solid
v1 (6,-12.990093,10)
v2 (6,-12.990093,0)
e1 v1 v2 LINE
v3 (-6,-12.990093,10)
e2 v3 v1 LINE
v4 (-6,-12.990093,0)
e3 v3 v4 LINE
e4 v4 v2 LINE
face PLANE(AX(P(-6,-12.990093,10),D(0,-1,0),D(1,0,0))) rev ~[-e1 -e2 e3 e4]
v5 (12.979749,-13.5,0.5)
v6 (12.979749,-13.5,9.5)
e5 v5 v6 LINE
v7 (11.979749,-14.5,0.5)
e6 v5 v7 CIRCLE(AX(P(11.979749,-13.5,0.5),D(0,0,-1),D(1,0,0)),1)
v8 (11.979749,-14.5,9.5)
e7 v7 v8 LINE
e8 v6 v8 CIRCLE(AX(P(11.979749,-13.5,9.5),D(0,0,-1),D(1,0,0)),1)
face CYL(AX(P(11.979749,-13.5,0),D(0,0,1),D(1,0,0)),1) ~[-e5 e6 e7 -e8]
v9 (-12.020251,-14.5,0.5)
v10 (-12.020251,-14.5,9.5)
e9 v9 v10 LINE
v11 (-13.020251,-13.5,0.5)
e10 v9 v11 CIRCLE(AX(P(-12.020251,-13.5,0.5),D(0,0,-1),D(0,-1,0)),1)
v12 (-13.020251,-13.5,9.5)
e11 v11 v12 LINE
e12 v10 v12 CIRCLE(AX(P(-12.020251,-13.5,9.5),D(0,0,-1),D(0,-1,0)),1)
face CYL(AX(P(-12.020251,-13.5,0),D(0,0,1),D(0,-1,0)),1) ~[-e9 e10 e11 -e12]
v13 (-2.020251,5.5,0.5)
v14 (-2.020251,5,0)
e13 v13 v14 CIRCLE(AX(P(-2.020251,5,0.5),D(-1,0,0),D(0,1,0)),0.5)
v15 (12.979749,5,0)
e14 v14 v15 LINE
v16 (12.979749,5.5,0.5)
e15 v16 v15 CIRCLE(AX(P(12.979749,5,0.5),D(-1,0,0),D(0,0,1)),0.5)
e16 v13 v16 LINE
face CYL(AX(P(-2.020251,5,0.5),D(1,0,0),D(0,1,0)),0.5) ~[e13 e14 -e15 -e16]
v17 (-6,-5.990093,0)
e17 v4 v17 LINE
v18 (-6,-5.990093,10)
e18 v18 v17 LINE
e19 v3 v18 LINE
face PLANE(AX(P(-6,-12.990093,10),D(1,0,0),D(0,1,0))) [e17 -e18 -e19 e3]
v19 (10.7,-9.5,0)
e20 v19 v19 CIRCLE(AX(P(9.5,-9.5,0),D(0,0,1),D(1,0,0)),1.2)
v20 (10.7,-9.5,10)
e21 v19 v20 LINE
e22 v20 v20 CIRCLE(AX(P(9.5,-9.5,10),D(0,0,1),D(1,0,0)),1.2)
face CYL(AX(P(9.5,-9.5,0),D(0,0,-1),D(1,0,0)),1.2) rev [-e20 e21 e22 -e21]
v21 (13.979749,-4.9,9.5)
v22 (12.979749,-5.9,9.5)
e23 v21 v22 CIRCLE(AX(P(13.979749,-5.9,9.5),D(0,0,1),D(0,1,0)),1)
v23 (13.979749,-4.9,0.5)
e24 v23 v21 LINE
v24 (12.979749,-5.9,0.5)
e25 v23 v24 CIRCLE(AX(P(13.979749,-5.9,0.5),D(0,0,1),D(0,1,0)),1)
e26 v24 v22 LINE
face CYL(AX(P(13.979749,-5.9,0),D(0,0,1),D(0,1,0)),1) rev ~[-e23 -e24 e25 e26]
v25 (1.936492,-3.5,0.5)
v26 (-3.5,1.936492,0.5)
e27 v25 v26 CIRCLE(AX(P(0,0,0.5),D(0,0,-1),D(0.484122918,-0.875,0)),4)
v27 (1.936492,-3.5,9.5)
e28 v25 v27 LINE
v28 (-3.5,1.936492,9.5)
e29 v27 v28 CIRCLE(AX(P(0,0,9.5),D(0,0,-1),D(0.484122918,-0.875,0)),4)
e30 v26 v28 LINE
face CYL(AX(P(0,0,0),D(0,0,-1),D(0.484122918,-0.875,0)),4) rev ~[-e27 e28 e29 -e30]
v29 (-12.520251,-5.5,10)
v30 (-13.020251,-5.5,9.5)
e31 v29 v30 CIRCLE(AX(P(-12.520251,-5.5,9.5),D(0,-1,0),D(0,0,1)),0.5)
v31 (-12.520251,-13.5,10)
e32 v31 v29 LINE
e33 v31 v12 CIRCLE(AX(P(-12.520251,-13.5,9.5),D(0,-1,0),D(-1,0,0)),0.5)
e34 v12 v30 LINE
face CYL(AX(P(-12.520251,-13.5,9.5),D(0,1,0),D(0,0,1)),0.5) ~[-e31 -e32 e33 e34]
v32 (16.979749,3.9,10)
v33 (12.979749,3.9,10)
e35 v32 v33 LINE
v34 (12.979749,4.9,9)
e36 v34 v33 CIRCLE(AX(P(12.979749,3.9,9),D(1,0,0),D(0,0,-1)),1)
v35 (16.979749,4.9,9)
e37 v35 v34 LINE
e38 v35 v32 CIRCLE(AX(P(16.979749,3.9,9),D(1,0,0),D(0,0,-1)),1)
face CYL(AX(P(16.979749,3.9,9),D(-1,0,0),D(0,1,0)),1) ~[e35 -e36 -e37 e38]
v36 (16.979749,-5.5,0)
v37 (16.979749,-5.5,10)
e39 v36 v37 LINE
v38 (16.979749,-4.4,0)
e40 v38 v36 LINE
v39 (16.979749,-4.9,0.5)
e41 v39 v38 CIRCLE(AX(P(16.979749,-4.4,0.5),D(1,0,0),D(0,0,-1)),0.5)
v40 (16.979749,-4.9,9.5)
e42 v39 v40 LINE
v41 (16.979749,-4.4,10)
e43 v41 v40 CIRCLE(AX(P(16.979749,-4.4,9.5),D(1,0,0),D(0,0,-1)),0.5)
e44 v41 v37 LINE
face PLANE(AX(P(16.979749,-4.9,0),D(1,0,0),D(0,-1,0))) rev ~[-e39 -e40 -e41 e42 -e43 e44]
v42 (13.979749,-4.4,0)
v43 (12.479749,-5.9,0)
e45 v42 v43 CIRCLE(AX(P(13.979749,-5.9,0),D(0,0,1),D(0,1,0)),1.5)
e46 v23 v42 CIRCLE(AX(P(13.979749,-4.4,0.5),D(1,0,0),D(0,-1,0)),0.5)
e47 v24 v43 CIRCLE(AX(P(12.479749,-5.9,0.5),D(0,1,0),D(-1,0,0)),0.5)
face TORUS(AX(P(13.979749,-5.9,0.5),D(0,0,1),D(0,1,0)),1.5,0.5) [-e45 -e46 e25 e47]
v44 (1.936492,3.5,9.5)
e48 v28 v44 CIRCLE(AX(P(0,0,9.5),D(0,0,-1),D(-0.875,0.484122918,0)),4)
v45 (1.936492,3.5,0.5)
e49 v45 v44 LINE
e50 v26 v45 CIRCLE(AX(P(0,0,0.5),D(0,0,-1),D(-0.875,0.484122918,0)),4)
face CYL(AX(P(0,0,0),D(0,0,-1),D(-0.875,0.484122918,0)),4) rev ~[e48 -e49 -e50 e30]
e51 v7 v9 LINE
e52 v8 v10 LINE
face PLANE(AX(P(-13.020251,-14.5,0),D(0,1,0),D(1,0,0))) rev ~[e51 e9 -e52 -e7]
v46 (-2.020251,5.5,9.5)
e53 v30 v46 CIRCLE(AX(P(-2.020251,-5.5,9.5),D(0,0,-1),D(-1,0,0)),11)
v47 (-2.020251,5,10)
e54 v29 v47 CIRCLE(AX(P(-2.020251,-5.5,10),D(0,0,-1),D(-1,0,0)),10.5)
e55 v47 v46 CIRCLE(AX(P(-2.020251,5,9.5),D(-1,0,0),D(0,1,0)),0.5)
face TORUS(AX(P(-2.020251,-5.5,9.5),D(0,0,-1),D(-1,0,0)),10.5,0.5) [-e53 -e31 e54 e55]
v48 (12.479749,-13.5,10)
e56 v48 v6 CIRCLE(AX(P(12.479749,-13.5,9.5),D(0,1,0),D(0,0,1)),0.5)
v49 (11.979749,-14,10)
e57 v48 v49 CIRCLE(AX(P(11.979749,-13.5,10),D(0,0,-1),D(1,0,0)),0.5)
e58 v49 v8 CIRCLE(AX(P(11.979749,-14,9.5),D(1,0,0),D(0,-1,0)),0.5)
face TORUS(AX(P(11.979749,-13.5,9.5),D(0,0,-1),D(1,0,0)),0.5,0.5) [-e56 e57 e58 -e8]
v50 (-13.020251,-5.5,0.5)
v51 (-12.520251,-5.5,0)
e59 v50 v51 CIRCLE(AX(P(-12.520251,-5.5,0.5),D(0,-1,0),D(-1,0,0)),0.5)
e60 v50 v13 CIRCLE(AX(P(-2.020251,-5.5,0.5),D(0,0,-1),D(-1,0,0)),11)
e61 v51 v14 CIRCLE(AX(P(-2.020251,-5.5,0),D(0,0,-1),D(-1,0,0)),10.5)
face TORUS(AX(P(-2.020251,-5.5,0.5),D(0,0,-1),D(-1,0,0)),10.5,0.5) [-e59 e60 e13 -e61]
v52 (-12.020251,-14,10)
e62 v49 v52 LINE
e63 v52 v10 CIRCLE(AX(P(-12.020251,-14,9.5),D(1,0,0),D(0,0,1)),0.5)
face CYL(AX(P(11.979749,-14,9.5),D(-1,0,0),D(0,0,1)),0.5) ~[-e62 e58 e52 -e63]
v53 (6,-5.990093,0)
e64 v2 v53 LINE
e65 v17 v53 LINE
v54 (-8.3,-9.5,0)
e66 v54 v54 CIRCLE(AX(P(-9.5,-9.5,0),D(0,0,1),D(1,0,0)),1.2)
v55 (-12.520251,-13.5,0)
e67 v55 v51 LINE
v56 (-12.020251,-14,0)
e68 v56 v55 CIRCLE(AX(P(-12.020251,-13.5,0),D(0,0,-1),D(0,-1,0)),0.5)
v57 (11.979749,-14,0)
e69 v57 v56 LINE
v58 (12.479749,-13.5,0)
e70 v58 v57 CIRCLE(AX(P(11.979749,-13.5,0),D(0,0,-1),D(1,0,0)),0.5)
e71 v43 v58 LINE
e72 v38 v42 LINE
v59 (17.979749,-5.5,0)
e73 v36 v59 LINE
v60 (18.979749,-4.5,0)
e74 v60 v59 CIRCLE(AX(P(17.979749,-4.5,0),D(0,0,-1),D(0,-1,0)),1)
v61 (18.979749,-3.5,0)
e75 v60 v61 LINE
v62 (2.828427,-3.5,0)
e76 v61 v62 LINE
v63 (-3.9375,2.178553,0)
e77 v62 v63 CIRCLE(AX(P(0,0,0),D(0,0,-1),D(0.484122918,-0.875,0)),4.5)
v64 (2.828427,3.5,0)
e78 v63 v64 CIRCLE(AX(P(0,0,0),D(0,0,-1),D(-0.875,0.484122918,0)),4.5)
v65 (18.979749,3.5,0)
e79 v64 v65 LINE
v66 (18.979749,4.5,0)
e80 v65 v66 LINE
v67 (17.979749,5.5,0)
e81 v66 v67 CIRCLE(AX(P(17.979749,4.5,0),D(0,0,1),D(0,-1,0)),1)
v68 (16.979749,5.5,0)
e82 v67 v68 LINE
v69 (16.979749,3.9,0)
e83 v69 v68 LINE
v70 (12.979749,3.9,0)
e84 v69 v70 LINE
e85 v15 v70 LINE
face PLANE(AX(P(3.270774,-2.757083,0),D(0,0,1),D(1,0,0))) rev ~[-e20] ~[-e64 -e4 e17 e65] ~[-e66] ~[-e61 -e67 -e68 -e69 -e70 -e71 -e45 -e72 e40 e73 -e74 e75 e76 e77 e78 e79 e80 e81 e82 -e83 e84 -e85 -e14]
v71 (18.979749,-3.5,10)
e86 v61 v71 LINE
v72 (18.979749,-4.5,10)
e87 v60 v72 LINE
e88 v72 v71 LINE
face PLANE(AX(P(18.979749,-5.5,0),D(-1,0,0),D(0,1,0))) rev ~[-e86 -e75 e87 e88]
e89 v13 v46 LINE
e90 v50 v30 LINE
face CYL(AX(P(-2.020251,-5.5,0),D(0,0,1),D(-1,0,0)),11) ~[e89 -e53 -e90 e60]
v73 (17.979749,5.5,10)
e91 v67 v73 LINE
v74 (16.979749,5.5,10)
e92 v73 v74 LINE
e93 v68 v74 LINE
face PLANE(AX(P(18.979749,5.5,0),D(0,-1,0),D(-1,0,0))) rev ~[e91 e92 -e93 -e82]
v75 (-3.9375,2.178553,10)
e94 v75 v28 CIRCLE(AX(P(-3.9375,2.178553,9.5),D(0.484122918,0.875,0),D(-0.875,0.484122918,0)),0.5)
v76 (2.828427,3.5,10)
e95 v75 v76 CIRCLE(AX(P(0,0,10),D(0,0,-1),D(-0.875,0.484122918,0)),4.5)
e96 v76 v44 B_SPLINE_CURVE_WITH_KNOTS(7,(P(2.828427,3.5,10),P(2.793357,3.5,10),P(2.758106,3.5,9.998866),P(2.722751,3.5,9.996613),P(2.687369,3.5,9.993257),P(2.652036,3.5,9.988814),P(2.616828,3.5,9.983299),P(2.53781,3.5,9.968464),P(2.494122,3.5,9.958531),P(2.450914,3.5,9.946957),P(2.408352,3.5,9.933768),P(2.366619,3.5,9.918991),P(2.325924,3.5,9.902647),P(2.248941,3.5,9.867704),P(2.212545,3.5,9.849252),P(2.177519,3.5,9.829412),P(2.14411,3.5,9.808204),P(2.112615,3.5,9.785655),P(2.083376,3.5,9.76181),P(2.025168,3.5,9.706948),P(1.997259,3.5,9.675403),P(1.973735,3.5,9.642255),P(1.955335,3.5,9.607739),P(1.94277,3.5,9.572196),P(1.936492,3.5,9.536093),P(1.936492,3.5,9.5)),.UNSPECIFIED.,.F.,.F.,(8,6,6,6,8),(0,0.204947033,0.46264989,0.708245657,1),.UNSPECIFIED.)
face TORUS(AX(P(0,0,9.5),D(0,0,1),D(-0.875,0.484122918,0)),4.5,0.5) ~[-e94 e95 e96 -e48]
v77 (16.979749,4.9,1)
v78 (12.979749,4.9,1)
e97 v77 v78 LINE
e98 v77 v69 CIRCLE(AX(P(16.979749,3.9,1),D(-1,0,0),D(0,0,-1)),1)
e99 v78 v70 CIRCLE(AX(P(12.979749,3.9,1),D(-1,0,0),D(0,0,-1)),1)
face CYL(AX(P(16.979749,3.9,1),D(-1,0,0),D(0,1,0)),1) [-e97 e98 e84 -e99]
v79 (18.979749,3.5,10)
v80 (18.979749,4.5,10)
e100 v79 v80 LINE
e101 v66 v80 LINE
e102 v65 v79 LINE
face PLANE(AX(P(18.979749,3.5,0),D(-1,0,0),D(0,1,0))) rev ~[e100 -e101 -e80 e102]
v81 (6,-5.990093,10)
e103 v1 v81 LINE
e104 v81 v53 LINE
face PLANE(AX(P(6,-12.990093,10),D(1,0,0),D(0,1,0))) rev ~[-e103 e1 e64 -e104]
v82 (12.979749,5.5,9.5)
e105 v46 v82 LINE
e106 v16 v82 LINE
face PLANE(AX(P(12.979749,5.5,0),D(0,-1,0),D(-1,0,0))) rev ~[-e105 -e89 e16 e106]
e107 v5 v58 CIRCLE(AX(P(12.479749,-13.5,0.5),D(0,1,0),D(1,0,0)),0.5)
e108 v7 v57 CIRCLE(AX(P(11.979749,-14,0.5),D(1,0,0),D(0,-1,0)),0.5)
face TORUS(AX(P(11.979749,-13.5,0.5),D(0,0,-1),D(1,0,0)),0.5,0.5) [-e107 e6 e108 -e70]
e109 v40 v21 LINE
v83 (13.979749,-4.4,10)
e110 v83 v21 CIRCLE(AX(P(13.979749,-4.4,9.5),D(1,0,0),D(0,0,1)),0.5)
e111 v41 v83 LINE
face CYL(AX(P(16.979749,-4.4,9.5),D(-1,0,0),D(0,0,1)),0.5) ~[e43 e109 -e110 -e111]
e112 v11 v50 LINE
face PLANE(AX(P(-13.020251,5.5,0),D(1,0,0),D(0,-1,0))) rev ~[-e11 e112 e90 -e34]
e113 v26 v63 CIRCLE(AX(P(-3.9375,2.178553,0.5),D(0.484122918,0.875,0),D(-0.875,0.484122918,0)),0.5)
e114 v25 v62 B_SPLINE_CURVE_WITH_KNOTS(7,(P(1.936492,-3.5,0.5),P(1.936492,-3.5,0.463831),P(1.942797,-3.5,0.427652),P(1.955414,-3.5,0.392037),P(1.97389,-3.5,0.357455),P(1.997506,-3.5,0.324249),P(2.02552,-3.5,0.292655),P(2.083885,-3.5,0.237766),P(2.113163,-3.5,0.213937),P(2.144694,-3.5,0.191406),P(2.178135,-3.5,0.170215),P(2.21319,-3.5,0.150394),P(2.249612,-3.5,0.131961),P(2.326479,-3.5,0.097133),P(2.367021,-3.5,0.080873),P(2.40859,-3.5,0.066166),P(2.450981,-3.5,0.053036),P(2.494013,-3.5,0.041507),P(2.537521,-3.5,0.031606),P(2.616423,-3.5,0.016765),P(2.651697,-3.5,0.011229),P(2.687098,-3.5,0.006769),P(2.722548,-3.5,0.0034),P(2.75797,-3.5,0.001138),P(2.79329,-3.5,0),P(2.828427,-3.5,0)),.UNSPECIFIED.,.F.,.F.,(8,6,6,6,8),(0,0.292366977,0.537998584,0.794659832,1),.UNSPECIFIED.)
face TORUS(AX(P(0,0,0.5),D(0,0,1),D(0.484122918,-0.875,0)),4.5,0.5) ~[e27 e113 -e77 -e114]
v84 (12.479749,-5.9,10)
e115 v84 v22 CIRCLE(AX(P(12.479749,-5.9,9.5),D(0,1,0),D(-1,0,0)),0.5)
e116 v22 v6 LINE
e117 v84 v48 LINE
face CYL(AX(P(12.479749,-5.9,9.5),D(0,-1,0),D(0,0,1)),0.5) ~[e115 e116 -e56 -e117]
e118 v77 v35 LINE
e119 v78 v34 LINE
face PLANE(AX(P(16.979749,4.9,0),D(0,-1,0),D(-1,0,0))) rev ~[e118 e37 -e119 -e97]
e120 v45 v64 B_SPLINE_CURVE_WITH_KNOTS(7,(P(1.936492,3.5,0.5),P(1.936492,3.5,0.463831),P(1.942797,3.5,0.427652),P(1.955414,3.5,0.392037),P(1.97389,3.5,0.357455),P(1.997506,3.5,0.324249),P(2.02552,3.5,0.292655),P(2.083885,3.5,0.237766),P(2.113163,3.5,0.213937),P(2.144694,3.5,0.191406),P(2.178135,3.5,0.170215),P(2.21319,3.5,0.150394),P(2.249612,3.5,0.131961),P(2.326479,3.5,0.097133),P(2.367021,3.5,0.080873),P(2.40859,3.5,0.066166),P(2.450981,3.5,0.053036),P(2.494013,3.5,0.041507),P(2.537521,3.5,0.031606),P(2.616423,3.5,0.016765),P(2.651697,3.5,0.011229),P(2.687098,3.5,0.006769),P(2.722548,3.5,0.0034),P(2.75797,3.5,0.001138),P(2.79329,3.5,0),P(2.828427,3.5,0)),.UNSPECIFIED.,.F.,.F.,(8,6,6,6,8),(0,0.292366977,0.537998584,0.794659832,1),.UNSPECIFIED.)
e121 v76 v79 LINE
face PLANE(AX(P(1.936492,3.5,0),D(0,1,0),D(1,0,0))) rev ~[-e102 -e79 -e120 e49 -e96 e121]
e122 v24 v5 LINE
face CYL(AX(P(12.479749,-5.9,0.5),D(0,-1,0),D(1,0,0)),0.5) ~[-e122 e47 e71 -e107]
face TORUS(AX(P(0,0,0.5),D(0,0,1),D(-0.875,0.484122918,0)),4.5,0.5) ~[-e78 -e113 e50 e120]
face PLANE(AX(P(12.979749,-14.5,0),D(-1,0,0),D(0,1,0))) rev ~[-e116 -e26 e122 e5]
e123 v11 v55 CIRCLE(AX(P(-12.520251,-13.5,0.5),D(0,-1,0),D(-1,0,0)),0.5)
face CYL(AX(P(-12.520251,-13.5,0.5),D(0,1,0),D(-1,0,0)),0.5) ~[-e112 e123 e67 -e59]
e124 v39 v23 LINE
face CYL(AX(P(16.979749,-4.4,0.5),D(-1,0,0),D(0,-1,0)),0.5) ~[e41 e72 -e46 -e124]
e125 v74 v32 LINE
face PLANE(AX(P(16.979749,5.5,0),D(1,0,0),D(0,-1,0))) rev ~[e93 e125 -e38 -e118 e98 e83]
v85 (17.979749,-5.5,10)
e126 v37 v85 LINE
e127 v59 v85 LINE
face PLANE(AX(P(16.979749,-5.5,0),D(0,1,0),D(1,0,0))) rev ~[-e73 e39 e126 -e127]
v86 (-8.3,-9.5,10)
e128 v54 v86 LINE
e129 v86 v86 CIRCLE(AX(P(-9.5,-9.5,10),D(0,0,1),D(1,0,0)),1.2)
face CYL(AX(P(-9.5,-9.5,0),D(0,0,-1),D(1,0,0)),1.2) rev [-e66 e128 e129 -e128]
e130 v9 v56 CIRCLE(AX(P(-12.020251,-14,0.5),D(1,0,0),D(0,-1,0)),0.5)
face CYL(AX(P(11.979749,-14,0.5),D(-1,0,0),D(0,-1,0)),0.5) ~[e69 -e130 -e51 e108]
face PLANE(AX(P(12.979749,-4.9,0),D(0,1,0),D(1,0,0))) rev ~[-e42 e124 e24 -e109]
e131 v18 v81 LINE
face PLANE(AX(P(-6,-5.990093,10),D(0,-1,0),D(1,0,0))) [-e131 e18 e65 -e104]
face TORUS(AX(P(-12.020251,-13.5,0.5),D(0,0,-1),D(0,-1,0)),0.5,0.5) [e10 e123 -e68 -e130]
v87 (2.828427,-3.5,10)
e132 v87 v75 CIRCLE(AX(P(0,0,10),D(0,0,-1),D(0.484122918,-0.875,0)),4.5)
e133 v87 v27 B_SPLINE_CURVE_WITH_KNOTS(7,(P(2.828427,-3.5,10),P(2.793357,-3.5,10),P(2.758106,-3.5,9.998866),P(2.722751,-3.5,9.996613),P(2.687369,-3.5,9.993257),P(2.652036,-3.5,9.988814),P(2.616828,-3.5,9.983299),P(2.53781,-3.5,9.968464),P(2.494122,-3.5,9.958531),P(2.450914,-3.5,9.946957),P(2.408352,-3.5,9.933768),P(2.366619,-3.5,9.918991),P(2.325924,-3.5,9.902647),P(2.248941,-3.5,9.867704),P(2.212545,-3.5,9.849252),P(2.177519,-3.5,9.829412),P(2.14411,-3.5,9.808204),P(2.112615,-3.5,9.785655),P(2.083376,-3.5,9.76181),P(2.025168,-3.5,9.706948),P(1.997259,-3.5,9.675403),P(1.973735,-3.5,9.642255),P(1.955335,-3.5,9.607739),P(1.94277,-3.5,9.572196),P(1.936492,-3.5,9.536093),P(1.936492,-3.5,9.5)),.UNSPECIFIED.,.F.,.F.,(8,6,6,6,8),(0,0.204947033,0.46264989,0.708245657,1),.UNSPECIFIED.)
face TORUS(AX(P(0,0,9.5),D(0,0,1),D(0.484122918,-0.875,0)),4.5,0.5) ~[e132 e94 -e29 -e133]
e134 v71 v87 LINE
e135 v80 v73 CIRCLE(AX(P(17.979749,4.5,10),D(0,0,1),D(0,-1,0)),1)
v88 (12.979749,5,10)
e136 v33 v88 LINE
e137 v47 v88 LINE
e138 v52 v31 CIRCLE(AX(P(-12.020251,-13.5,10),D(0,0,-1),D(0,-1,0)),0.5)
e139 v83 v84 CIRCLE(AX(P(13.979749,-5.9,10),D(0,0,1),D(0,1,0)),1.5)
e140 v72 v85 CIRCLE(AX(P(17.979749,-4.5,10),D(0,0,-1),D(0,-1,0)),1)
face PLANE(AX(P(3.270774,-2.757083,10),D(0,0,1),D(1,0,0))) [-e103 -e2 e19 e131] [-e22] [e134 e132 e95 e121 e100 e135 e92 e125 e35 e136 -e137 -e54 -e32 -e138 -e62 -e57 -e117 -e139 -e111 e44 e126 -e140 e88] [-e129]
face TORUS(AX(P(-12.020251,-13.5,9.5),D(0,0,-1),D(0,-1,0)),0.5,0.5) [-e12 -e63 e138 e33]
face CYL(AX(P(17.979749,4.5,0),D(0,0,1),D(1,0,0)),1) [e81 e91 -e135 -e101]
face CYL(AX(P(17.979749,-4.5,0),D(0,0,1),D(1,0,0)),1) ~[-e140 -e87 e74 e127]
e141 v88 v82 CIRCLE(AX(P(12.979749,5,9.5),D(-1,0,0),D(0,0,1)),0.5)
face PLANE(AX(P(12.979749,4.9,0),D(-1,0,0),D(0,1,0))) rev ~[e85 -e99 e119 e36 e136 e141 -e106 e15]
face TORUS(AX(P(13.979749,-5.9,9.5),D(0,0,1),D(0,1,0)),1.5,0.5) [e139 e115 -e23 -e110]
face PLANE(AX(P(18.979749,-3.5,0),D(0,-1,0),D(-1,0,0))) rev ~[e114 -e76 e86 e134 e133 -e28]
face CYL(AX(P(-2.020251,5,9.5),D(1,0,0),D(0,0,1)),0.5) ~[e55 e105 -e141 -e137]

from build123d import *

# Parameters (mm, degrees)
F0_R     = 1.2
F1_DEPTH = 10
F2_R     = 1
F3_R     = 11
F4_W     = 12
F4_H     = 7
F5_DEPTH = 10
F6_R     = 0.5


with BuildPart() as f1:
    # F0 (on Top) → F1 (new body)
    with BuildSketch(Plane.XY):
        with BuildLine():
            ThreePointArc((1.9364916731, -3.5), (-2.8284271247, -2.8284271247), (-3.5, 1.9364916731))
            ThreePointArc((-3.5, 1.9364916731), (-1.1055673404, 3.8441801279), (1.9364916731, 3.5))
            Line((1.9364916731, 3.5), (18.9797490537, 3.5))
            Line((18.9797490537, 3.5), (18.9797490537, 5.5))
            Line((18.9797490537, 5.5), (16.9797490537, 5.5))
            Line((16.9797490537, 5.5), (16.9797490537, 4.9))
            Line((16.9797490537, 4.9), (12.9797490537, 4.9))
            Line((12.9797490537, 4.9), (12.9797490537, 5.5))
            Line((12.9797490537, 5.5), (-13.0202509463, 5.5))
            Line((-13.0202509463, 5.5), (-13.0202509463, -4.5))
            Line((-13.0202509463, -4.5), (-13.0202509463, -14.5))
            Line((-13.0202509463, -14.5), (12.9797490537, -14.5))
            Line((12.9797490537, -14.5), (12.9797490537, -5.5))
            Line((12.9797490537, -5.5), (12.9797490537, -4.9))
            Line((12.9797490537, -4.9), (16.9797490537, -4.9))
            Line((16.9797490537, -4.9), (16.9797490537, -5.5))
            Line((16.9797490537, -5.5), (18.9797490537, -5.5))
            Line((18.9797490537, -5.5), (18.9797490537, -3.5))
            Line((18.9797490537, -3.5), (12.9797490537, -3.5))
            Line((12.9797490537, -3.5), (1.9364916731, -3.5))
        make_face()
        with Locations((-9.5, -9.5)):
            Circle(F0_R, mode=Mode.SUBTRACT)
        with Locations((9.5, -9.5)):
            Circle(F0_R, mode=Mode.SUBTRACT)
    extrude(amount=F1_DEPTH)

    # F2
    f2_edges = [f1.edges().sort_by_distance(p)[0] for p in [
        (18.979749, 5.5, 5),
        (18.979749, -5.5, 5),
        (14.979749, 4.9, 10),
        (14.979749, 4.9, 0),
        (12.979749, -4.9, 5),
        (12.979749, -14.5, 5),
        (-13.020251, -14.5, 5),
    ]]
    fillet(f2_edges, radius=F2_R)

    # F3
    f3_edges = [f1.edges().sort_by_distance(p)[0] for p in [
        (-13.020251, 5.5, 5),
    ]]
    fillet(f3_edges, radius=F3_R)

    # F4 (on face) → F5 (cut)
    with BuildSketch(Plane.XY.offset(10)):
        with Locations((0, -9.4900932163)):
            Rectangle(F4_W, F4_H)
    extrude(amount=-F5_DEPTH, mode=Mode.SUBTRACT)

    # F6
    f6_edges = [f1.edges().sort_by_distance(p)[0] for p in [
        (-9.798426, 2.278175, 10),
        (-9.798426, 2.278175, 0),
        (-4, 0, 0),
        (-4, 0, 10),
    ]]
    fillet(f6_edges, radius=F6_R)


solid = f1.part
